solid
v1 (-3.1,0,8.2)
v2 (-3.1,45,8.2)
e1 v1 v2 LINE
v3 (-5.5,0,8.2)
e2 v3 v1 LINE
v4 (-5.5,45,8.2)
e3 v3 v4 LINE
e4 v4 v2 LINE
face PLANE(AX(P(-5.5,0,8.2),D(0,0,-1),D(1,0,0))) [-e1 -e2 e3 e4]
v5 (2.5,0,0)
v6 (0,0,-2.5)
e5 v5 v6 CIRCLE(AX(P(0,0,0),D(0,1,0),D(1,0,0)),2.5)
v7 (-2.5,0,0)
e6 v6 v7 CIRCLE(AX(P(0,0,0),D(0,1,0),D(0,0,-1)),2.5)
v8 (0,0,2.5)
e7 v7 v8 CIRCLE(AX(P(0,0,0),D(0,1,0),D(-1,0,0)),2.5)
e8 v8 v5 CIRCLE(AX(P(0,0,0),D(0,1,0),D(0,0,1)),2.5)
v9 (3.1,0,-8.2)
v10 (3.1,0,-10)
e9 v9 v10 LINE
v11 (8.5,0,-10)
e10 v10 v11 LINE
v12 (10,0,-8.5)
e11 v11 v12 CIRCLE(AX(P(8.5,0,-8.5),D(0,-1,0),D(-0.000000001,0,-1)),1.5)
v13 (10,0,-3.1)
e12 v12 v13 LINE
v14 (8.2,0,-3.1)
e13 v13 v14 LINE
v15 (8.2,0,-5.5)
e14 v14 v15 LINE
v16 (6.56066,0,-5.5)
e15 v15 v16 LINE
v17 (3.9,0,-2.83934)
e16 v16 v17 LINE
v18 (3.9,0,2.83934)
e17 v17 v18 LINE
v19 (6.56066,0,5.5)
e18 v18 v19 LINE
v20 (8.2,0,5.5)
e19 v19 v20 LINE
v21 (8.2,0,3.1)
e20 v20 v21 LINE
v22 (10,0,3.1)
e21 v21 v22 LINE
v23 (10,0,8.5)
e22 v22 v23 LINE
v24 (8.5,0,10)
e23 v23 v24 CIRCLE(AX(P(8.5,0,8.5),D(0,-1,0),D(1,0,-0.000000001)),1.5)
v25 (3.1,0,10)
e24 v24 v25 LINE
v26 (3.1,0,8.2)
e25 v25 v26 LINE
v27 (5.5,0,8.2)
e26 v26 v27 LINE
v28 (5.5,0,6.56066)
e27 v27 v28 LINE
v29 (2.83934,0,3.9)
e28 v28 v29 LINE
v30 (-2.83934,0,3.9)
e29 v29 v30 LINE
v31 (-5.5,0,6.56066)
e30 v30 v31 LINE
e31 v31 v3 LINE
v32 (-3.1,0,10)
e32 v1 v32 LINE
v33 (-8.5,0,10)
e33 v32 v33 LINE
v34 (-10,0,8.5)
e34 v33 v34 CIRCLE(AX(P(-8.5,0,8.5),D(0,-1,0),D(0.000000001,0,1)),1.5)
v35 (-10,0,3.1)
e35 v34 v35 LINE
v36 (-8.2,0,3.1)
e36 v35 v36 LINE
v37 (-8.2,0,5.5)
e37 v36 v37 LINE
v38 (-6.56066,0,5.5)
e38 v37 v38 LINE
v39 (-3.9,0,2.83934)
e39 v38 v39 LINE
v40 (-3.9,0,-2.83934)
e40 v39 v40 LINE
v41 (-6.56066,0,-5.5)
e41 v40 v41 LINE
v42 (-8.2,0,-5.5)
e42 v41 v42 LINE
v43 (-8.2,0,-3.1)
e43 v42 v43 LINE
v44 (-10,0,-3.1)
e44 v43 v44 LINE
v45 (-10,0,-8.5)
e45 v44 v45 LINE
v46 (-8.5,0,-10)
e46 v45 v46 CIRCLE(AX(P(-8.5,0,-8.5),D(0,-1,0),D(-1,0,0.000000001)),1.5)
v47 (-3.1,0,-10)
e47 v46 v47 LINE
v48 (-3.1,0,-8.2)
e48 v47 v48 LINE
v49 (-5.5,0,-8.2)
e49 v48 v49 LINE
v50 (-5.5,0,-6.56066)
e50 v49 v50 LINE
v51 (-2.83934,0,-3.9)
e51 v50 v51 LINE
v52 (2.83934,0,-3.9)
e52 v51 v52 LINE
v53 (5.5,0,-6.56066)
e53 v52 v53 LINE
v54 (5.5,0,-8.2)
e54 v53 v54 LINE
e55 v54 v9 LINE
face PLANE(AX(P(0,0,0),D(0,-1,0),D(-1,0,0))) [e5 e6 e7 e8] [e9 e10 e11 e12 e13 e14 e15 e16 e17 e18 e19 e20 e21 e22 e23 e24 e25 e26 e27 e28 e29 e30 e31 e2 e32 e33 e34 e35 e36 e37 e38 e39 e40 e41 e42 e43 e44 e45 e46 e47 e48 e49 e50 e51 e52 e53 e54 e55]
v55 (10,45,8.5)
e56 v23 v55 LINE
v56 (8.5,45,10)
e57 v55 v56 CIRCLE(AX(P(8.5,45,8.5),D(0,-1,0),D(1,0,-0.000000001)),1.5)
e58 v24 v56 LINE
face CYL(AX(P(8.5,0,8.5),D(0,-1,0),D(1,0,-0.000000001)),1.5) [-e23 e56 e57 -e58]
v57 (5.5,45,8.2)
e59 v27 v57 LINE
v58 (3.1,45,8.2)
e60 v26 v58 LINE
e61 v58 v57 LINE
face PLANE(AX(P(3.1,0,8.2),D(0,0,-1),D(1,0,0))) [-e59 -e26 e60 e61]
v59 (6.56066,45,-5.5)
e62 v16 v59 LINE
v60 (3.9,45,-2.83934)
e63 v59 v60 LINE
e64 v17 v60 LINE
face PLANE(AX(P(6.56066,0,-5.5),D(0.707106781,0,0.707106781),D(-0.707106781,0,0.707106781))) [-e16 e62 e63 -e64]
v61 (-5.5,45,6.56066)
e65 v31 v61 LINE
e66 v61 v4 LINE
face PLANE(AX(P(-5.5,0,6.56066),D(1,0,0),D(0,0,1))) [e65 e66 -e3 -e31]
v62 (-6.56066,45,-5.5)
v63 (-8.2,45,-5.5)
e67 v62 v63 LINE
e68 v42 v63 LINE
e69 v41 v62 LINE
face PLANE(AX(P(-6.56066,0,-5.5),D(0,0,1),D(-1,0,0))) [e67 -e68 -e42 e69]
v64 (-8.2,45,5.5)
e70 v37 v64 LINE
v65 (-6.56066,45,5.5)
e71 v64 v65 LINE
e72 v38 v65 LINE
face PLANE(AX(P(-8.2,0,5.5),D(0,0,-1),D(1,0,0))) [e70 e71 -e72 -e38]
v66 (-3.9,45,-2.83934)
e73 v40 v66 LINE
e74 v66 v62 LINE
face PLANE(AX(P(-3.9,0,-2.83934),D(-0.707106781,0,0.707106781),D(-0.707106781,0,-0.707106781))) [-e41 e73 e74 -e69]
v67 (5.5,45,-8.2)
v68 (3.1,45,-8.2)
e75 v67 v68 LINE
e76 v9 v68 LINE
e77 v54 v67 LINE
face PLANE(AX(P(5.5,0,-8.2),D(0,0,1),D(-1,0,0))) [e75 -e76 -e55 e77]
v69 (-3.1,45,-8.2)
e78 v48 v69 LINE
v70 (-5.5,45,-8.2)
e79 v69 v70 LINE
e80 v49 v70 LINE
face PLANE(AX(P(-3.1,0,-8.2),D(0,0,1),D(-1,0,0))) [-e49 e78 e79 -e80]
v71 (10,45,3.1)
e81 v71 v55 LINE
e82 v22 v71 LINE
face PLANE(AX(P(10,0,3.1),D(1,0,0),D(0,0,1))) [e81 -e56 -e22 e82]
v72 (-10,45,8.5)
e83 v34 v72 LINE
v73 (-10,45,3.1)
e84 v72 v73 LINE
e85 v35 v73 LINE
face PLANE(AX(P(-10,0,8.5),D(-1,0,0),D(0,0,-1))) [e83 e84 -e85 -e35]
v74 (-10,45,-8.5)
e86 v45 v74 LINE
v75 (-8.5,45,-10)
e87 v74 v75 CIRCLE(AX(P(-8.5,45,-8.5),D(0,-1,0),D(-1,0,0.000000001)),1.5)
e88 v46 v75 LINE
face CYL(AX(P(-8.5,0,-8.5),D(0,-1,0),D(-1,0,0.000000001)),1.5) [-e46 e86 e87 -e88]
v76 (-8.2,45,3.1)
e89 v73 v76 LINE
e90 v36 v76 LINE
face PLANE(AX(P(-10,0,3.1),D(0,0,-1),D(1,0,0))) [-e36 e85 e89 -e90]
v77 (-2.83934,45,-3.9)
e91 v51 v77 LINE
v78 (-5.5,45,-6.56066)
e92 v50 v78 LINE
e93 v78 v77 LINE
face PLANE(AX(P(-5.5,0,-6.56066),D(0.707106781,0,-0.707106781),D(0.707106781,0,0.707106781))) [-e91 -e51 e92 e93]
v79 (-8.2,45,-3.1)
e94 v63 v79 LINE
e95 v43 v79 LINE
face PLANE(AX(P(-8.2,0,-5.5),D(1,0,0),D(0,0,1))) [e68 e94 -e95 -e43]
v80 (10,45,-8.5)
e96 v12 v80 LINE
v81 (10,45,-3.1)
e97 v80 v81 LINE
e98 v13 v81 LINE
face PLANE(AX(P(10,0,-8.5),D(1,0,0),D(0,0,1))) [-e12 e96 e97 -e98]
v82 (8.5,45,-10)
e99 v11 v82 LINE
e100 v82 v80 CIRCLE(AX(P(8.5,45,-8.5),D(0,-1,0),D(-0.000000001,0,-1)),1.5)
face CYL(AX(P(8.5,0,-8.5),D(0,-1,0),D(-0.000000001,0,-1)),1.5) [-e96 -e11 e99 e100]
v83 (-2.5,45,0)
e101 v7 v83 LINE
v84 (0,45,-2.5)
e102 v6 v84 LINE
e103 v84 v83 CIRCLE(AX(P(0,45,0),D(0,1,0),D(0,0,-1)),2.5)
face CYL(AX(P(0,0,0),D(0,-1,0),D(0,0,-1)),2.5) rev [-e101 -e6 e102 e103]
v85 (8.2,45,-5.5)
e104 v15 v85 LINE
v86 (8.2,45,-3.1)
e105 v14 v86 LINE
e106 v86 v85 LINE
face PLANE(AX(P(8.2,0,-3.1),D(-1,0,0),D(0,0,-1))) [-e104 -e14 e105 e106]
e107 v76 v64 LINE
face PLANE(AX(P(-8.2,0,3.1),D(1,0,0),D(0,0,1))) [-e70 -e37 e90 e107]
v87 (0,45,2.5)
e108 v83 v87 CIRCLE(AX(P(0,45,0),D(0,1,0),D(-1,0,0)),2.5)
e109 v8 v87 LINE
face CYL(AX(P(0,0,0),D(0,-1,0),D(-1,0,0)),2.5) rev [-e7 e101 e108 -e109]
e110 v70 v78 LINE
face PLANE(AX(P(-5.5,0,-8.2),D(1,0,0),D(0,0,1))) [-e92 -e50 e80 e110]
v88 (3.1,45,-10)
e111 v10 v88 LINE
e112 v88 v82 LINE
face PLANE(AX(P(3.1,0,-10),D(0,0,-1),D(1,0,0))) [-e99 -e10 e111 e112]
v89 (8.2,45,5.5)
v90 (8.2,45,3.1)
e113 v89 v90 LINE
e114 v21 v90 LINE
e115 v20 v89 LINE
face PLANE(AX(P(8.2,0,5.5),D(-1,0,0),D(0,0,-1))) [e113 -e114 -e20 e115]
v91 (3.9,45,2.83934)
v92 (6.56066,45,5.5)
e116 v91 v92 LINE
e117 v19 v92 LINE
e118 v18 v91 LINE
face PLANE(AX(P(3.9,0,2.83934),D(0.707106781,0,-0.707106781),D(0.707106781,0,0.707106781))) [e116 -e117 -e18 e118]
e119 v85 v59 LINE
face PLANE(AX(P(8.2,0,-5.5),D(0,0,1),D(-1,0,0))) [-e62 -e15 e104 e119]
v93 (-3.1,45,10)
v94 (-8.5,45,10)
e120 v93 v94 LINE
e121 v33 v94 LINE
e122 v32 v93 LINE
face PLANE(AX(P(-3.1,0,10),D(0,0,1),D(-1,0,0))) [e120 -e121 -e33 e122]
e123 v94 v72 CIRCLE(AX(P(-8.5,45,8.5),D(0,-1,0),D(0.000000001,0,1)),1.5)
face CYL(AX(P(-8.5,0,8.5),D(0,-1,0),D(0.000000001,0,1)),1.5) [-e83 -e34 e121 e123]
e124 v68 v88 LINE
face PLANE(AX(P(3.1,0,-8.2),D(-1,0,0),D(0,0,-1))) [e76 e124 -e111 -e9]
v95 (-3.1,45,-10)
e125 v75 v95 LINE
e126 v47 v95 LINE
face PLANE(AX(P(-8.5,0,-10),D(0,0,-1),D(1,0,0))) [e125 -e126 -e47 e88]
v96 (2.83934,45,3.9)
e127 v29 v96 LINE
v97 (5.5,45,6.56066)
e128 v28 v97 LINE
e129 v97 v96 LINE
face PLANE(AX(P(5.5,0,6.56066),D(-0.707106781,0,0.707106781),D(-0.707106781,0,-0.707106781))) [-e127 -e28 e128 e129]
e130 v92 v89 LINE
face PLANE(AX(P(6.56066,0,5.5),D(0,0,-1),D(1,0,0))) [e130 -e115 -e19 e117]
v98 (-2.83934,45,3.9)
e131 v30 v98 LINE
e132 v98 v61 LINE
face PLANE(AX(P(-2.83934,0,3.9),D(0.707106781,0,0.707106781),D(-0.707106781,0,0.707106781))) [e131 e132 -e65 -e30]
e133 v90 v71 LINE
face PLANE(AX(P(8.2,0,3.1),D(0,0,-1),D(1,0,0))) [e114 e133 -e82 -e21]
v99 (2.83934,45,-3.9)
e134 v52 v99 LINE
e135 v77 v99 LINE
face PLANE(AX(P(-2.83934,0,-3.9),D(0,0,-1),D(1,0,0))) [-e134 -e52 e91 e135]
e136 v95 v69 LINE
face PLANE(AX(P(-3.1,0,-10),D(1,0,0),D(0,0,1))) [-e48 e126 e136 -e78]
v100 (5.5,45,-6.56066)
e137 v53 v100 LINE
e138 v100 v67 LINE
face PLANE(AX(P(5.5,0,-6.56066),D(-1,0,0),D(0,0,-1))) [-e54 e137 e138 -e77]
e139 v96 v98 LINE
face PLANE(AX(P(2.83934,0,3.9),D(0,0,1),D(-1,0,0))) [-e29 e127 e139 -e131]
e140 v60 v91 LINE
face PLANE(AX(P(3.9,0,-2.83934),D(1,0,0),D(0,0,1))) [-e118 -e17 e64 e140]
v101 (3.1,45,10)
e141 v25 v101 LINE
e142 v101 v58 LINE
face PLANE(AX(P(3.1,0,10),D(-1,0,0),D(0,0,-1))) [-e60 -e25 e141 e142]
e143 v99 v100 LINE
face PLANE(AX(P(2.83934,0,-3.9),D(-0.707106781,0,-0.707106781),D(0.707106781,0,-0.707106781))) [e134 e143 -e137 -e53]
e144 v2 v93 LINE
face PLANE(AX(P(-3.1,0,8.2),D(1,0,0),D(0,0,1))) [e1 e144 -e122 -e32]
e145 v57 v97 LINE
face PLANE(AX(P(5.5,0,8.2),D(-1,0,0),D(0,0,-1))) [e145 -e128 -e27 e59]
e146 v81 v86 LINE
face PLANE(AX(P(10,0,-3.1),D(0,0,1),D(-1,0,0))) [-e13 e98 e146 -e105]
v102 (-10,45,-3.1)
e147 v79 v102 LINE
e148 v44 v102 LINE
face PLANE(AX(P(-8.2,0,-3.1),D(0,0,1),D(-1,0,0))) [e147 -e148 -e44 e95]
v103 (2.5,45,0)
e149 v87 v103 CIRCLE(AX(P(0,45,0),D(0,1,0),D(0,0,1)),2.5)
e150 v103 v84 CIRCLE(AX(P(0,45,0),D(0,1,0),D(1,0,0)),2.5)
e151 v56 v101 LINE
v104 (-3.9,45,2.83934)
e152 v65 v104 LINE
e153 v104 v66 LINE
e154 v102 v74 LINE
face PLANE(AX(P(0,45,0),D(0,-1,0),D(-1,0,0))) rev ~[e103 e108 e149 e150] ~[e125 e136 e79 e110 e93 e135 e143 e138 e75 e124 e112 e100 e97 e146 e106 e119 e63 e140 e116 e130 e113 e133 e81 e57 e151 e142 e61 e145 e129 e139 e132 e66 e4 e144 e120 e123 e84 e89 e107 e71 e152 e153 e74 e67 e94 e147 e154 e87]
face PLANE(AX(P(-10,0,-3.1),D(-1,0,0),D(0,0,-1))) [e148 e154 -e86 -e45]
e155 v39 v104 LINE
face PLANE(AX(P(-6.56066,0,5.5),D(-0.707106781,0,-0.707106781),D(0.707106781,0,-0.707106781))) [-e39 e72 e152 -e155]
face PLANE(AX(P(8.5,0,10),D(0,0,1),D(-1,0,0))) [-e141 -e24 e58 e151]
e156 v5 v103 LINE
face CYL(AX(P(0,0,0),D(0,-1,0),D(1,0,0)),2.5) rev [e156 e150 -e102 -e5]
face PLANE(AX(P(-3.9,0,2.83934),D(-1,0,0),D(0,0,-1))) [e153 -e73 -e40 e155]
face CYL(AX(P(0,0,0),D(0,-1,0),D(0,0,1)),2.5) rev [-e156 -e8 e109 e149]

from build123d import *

# Parameters (mm, degrees)
DODANIE_WYCI_GNI_CIE1_DEPTH = 45


with BuildPart() as part:
    # Szkic1 → Dodanie-wyciągnięcie1 (new body)
    with BuildSketch(Plane(origin=(0, 0, 0), x_dir=(1, 0, 0), z_dir=(0, 1, 0))):
        with BuildLine():
            Line((0, 3.9), (2.839339828, 3.9))
            Line((2.839339828, 3.9), (5.5, 6.560660172))
            Line((5.5, 6.560660172), (5.5, 8.2))
            Line((5.5, 8.2), (3.1, 8.2))
            Line((3.1, 8.2), (3.1, 10))
            Line((3.1, 10), (8.5, 10))
            ThreePointArc((8.5, 10), (9.560660172, 9.560660172), (10, 8.5))
            Line((10, 8.5), (10, 3.1))
            Line((10, 3.1), (8.2, 3.1))
            Line((8.2, 3.1), (8.2, 5.5))
            Line((8.2, 5.5), (6.560660172, 5.5))
            Line((6.560660172, 5.5), (3.9, 2.839339828))
            Line((3.9, 2.839339828), (3.9, 0))
            Line((3.9, 0), (3.9, -2.839339828))
            Line((3.9, -2.839339828), (6.560660172, -5.5))
            Line((6.560660172, -5.5), (8.2, -5.5))
            Line((8.2, -5.5), (8.2, -3.1))
            Line((8.2, -3.1), (10, -3.1))
            Line((10, -3.1), (10, -8.5))
            ThreePointArc((10, -8.5), (9.560660172, -9.560660172), (8.5, -10))
            Line((8.5, -10), (3.1, -10))
            Line((3.1, -10), (3.1, -8.2))
            Line((3.1, -8.2), (5.5, -8.2))
            Line((5.5, -8.2), (5.5, -6.560660172))
            Line((5.5, -6.560660172), (2.839339828, -3.9))
            Line((2.839339828, -3.9), (0, -3.9))
            Line((0, -3.9), (-2.839339828, -3.9))
            Line((-2.839339828, -3.9), (-5.5, -6.560660172))
            Line((-5.5, -6.560660172), (-5.5, -8.2))
            Line((-5.5, -8.2), (-3.1, -8.2))
            Line((-3.1, -8.2), (-3.1, -10))
            Line((-3.1, -10), (-8.5, -10))
            ThreePointArc((-8.5, -10), (-9.560660172, -9.560660172), (-10, -8.5))
            Line((-10, -8.5), (-10, -3.1))
            Line((-10, -3.1), (-8.2, -3.1))
            Line((-8.2, -3.1), (-8.2, -5.5))
            Line((-8.2, -5.5), (-6.560660172, -5.5))
            Line((-6.560660172, -5.5), (-3.9, -2.839339828))
            Line((-3.9, -2.839339828), (-3.9, 0))
            Line((-3.9, 0), (-3.9, 2.839339828))
            Line((-3.9, 2.839339828), (-6.560660172, 5.5))
            Line((-6.560660172, 5.5), (-8.2, 5.5))
            Line((-8.2, 5.5), (-8.2, 3.1))
            Line((-8.2, 3.1), (-10, 3.1))
            Line((-10, 3.1), (-10, 8.5))
            ThreePointArc((-10, 8.5), (-9.560660172, 9.560660172), (-8.5, 10))
            Line((-8.5, 10), (-3.1, 10))
            Line((-3.1, 10), (-3.1, 8.2))
            Line((-3.1, 8.2), (-5.5, 8.2))
            Line((-5.5, 8.2), (-5.5, 6.560660172))
            Line((-5.5, 6.560660172), (-2.839339828, 3.9))
            Line((-2.839339828, 3.9), (0, 3.9))
        make_face()
        with BuildLine():
            ThreePointArc((2.5, 0), (1.767766953, 1.767766953), (0, 2.5))
            ThreePointArc((0, 2.5), (-1.767766953, 1.767766953), (-2.5, 0))
            ThreePointArc((-2.5, 0), (-1.767766953, -1.767766953), (0, -2.5))
            ThreePointArc((0, -2.5), (1.767766953, -1.767766953), (2.5, 0))
        make_face(mode=Mode.SUBTRACT)
    extrude(amount=DODANIE_WYCI_GNI_CIE1_DEPTH)


solid = part.part
